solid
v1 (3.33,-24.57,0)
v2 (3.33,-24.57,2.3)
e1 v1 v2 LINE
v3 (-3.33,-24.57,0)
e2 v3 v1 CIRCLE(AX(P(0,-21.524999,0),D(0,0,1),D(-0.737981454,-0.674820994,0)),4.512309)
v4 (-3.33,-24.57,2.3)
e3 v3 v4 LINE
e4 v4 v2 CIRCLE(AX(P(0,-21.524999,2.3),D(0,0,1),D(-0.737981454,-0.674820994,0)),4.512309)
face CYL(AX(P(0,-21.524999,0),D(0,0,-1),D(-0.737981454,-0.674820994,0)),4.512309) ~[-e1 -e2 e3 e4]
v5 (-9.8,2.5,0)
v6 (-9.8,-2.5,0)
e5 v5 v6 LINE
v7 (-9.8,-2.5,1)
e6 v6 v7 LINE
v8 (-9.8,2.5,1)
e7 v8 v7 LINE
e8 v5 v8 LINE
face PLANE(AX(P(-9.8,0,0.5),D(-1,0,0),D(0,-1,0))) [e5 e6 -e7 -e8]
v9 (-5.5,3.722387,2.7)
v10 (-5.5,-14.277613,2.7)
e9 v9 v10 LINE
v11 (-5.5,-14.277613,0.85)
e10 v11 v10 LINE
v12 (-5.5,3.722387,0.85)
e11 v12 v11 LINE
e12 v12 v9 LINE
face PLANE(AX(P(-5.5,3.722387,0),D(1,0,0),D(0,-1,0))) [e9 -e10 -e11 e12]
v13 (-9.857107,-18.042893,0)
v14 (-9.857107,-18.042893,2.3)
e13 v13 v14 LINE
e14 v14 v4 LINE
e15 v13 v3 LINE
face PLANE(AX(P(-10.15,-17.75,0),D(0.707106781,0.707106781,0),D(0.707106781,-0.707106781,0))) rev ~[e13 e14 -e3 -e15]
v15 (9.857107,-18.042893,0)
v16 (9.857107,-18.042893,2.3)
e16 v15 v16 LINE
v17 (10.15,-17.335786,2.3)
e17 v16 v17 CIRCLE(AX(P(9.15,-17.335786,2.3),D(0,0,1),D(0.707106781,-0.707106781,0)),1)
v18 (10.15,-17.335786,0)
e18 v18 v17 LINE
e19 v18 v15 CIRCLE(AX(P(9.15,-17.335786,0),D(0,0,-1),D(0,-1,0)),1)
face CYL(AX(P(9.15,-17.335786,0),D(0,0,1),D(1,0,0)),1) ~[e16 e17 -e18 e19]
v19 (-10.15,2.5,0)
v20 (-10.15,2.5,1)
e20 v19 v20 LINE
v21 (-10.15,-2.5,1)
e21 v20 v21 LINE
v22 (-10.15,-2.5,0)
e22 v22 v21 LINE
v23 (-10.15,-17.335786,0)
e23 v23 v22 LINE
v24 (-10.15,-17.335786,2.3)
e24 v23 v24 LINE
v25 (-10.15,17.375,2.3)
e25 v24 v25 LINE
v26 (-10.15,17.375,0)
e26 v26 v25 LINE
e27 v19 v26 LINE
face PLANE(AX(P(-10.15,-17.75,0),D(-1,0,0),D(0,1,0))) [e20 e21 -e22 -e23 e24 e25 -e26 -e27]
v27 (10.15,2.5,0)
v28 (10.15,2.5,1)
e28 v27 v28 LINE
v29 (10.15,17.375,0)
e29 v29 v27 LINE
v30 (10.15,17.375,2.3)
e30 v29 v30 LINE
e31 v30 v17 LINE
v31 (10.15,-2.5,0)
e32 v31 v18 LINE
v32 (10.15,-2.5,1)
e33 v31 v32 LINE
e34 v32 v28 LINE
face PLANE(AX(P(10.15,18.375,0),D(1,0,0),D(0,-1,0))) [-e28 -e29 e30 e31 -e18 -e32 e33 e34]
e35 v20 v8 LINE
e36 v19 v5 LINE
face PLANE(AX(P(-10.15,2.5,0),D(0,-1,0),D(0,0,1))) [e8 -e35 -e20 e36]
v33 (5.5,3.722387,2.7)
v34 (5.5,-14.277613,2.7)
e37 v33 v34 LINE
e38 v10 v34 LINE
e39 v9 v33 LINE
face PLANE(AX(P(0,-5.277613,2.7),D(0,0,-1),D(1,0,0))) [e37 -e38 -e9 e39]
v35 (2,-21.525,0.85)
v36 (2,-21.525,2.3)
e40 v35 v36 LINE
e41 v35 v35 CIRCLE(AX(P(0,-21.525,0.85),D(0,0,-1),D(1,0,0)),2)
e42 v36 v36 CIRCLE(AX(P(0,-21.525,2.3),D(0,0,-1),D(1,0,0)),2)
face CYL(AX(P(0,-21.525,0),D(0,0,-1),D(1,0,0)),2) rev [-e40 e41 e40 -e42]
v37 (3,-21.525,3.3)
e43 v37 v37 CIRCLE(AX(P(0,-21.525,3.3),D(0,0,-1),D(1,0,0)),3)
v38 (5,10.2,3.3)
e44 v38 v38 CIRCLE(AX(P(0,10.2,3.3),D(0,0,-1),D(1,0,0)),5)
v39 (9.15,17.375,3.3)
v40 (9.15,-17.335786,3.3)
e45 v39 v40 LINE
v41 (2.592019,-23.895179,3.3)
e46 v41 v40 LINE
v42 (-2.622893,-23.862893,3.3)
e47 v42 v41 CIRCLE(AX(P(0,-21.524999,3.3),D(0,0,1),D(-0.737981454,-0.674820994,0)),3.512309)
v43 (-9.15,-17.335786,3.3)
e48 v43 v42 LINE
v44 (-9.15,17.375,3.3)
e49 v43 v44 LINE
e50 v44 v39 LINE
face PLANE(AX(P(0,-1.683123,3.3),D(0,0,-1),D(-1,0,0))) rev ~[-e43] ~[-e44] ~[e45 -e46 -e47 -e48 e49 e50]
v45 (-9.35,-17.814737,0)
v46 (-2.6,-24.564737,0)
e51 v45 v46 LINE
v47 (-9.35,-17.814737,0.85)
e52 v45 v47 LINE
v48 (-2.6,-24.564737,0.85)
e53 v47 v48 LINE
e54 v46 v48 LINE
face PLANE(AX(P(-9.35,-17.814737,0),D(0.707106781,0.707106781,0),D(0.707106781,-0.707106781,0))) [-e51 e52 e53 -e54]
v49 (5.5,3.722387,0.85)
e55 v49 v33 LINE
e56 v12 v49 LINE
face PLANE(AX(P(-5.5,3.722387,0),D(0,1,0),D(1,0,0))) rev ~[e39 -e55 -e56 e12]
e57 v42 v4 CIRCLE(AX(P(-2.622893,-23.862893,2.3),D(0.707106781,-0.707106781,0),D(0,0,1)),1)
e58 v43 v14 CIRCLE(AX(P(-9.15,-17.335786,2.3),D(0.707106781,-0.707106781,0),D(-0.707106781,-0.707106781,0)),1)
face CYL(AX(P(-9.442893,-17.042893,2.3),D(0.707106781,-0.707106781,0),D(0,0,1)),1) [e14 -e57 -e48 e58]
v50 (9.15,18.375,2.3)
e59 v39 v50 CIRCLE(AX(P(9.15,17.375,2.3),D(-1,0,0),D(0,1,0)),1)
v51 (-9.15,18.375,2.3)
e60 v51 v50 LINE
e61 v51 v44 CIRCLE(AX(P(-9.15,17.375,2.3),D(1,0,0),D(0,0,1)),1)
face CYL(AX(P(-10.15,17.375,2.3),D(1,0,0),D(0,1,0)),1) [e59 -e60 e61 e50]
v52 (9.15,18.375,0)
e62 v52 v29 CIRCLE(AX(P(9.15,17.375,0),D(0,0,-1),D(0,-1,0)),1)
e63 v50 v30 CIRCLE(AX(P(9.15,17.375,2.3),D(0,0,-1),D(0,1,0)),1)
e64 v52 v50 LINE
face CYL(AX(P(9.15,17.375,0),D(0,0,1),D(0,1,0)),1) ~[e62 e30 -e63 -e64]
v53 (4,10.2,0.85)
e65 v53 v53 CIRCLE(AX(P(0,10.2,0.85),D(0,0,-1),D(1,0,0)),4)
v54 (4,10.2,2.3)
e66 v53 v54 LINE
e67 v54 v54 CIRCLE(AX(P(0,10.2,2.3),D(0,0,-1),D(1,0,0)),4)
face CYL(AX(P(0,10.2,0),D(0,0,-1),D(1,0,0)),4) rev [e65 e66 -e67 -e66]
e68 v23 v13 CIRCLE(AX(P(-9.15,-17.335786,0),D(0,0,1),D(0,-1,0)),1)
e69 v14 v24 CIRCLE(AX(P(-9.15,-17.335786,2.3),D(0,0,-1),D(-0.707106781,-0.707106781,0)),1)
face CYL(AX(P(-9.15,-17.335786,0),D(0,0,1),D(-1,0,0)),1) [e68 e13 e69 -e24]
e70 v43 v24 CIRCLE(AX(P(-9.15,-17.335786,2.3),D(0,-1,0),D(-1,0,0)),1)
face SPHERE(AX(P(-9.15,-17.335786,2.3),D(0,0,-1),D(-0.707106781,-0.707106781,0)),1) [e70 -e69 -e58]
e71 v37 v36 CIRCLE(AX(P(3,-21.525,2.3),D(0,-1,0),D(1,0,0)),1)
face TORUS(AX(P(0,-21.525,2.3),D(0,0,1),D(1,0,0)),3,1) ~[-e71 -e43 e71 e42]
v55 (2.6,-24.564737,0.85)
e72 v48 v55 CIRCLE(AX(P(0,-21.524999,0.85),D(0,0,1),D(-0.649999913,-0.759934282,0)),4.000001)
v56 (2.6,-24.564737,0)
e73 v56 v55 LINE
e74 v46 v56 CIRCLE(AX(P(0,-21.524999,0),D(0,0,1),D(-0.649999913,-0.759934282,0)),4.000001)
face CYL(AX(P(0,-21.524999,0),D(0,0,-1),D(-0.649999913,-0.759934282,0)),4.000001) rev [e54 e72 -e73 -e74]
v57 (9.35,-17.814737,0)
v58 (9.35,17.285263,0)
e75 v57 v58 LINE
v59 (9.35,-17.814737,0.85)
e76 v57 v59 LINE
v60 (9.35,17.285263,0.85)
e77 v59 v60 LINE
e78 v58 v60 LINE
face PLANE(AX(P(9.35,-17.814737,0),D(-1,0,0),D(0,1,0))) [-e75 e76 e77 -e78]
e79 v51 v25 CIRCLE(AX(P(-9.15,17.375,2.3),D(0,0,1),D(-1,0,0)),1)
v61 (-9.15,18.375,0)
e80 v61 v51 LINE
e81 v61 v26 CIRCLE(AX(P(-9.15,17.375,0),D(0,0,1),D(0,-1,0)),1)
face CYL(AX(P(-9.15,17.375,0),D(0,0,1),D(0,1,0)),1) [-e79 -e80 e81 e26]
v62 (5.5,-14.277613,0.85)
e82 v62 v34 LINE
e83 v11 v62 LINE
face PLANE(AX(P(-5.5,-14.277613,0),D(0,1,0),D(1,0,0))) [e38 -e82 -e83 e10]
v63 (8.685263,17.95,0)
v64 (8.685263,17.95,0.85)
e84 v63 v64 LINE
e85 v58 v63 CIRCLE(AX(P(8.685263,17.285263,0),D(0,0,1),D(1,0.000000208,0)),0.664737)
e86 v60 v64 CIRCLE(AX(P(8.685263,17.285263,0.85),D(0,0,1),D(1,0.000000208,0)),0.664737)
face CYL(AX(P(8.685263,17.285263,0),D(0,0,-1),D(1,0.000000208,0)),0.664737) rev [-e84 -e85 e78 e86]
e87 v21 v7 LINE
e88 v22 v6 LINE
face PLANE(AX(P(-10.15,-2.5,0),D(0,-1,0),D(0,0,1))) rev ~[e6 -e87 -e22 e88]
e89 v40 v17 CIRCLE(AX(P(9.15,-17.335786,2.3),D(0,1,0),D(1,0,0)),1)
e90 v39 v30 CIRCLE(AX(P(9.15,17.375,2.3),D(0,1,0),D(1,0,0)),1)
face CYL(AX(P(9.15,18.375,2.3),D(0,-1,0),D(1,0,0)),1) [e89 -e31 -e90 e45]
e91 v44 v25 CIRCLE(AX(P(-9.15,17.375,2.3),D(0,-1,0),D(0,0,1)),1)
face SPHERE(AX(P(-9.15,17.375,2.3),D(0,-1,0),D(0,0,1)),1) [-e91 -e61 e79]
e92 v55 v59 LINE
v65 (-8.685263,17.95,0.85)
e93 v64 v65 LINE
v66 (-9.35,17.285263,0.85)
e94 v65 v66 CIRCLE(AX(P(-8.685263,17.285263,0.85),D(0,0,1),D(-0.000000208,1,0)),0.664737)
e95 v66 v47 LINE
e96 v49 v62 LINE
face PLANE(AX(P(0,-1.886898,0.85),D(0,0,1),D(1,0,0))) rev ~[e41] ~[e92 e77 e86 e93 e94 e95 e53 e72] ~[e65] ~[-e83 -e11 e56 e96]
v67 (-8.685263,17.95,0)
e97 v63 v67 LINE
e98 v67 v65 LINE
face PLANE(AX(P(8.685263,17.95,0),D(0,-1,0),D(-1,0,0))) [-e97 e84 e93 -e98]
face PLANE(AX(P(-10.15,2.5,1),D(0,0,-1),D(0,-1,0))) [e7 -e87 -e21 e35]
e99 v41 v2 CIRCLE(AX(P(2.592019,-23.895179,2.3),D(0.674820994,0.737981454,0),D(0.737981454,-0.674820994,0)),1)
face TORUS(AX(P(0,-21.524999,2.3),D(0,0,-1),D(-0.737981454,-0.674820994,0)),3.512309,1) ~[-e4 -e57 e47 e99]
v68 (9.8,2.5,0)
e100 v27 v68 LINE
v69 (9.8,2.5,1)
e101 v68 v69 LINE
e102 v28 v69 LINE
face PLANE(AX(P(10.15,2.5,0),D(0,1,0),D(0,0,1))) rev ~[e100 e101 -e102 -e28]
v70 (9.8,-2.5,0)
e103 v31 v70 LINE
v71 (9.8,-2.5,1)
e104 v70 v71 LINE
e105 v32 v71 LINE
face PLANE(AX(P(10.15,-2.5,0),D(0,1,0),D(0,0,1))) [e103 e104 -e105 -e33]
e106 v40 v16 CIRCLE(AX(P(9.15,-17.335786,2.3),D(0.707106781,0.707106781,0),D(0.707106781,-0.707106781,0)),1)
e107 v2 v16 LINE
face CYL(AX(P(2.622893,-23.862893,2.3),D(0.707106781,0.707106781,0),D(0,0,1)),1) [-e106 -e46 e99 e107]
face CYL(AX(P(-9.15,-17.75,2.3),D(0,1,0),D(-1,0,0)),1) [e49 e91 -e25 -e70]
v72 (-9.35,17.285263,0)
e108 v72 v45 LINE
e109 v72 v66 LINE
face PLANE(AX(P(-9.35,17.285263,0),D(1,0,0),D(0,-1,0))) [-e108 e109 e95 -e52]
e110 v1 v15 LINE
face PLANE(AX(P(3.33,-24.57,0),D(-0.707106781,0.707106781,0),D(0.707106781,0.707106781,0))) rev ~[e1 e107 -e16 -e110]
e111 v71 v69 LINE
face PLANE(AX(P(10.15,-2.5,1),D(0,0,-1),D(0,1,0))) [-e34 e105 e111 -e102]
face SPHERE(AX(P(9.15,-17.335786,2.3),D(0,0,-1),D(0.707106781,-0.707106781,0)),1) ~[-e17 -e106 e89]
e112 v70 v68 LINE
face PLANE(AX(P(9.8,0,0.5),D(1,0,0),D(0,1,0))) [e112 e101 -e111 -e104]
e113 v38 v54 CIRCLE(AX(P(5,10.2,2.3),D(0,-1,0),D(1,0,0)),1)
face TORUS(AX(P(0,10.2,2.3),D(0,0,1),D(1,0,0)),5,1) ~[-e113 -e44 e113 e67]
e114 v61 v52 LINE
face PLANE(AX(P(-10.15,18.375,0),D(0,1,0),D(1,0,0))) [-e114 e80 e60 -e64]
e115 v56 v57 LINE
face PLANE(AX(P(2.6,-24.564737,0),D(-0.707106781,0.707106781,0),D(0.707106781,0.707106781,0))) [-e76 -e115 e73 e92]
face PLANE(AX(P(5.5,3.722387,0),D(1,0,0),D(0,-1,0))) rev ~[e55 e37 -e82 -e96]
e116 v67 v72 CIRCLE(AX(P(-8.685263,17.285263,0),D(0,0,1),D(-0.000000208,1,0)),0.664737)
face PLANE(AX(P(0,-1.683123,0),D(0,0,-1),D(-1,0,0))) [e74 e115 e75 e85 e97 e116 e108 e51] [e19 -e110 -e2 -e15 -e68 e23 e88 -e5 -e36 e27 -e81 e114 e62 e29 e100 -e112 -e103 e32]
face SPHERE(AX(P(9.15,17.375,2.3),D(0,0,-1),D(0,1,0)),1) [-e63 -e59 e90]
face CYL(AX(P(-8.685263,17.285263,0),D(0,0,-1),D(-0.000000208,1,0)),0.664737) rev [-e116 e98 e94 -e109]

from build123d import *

# Parameters (mm, degrees)
PAD003_DEPTH    = 3.3
SKETCH016_R     = 4
POCKET005_DEPTH = 5
SKETCH007_W     = 11
SKETCH007_H     = 18
POCKET006_DEPTH = 2.7
SKETCH008_W     = 5.388972
SKETCH008_H     = 3.069046
POCKET007_DEPTH = 1
SKETCH018_R     = 2
POCKET008_DEPTH = 5
POCKET009_DEPTH = 0.85
SKETCH020_W     = 0.35
SKETCH020_H     = 0.6
POCKET010_DEPTH = 25
FILLET_R        = 1
SKETCH034_W     = 5
SKETCH034_H     = 1
POCKET020_DEPTH = 0.35
SKETCH035_W     = 5
SKETCH035_H     = 1
POCKET021_DEPTH = 0.35


with BuildPart() as part:
    # Sketch005 → Pad003 (new body)
    with BuildSketch(Plane.XY):
        with BuildLine():
            Line((-10.15, 18.375), (10.15, 18.375))
            Line((10.15, 18.375), (10.15, -17.75))
            Line((3.33, -24.57), (10.15, -17.75))
            ThreePointArc((-3.33, -24.57), (0, -26.037308), (3.33, -24.57))
            Line((-10.15, -17.75), (-3.33, -24.57))
            Line((-10.15, -17.75), (-10.15, 18.375))
        make_face()
    extrude(amount=PAD003_DEPTH)

    # Sketch016 → Pocket005 (cut)
    with BuildSketch(Plane.XY):
        with Locations((0, 10.2)):
            Circle(SKETCH016_R)
    extrude(amount=POCKET005_DEPTH, mode=Mode.SUBTRACT)

    # Sketch007 (on Face4 of Pocket005) → Pocket006 (cut)
    with BuildSketch(Plane(origin=(0, 0, 0), x_dir=(1, 0, 0), z_dir=(0, 0, -1))):
        with Locations((0, 5.277613)):
            Rectangle(SKETCH007_W, SKETCH007_H)
    extrude(amount=-POCKET006_DEPTH, mode=Mode.SUBTRACT)

    # Sketch008 → Pocket007 (cut)
    with BuildSketch(Plane.XY):
        with Locations((-2.024069, -8.897589)):
            Rectangle(SKETCH008_W, SKETCH008_H)
    extrude(amount=POCKET007_DEPTH, mode=Mode.SUBTRACT)

    # Sketch018 → Pocket008 (cut)
    with BuildSketch(Plane.XY):
        with Locations((0, -21.525)):
            Circle(SKETCH018_R)
    extrude(amount=POCKET008_DEPTH, mode=Mode.SUBTRACT)

    # Sketch019 → Pocket009 (cut)
    with BuildSketch(Plane.XY):
        with BuildLine():
            Line((-9.35, 17.285263), (-9.35, -17.814737))
            Line((-9.35, -17.814737), (-2.6, -24.564737))
            ThreePointArc((-2.6, -24.564737), (0, -25.525), (2.6, -24.564737))
            Line((2.6, -24.564737), (9.35, -17.814737))
            Line((9.35, -17.814737), (9.35, 17.285263))
            ThreePointArc((9.35, 17.285263), (9.155303, 17.755303), (8.685263, 17.95))
            Line((8.685263, 17.95), (-8.685263, 17.95))
            ThreePointArc((-8.685263, 17.95), (-9.155303, 17.755303), (-9.35, 17.285263))
        make_face()
    extrude(amount=POCKET009_DEPTH, mode=Mode.SUBTRACT)

    # Sketch020 (on Face16 of Pocket009) → Pocket010 (cut)
    with BuildSketch(Plane.YZ.offset(-9.35)):
        with Locations((-9.625, -1.8)):
            Rectangle(SKETCH020_W, SKETCH020_H)
        with Locations((9.625, -1.8)):
            Rectangle(SKETCH020_W, SKETCH020_H)
    extrude(amount=-POCKET010_DEPTH, mode=Mode.SUBTRACT)

    # Fillet
    fillet_edges = [part.edges().sort_by_distance(p)[0] for p in [
        (10.15, -17.75, 1.65),
        (10.15, 18.375, 1.65),
        (-6.74, -21.16, 3.3),
        (-10.15, 0.3125, 3.3),
        (0, -26.037308, 3.3),
        (0, 18.375, 3.3),
        (6.74, -21.16, 3.3),
        (10.15, 0.3125, 3.3),
        (-2, -21.525, 3.3),
        (-4, 10.2, 3.3),
        (-10.15, 18.375, 1.65),
        (-10.15, -17.75, 1.65),
    ]]
    fillet(fillet_edges, radius=FILLET_R)

    # Sketch034 (on Face10 of Fillet) → Pocket020 (cut)
    with BuildSketch(Plane(origin=(-10.15, 0, 0), x_dir=(0, -1, 0), z_dir=(-1, 0, 0))):
        with Locations((0, 0.5)):
            Rectangle(SKETCH034_W, SKETCH034_H)
    extrude(amount=-POCKET020_DEPTH, mode=Mode.SUBTRACT)

    # Sketch035 (on Face11 of Pocket020) → Pocket021 (cut)
    with BuildSketch(Plane.YZ.offset(10.15)):
        with Locations((0, 0.5)):
            Rectangle(SKETCH035_W, SKETCH035_H)
    extrude(amount=-POCKET021_DEPTH, mode=Mode.SUBTRACT)


solid = part.part
